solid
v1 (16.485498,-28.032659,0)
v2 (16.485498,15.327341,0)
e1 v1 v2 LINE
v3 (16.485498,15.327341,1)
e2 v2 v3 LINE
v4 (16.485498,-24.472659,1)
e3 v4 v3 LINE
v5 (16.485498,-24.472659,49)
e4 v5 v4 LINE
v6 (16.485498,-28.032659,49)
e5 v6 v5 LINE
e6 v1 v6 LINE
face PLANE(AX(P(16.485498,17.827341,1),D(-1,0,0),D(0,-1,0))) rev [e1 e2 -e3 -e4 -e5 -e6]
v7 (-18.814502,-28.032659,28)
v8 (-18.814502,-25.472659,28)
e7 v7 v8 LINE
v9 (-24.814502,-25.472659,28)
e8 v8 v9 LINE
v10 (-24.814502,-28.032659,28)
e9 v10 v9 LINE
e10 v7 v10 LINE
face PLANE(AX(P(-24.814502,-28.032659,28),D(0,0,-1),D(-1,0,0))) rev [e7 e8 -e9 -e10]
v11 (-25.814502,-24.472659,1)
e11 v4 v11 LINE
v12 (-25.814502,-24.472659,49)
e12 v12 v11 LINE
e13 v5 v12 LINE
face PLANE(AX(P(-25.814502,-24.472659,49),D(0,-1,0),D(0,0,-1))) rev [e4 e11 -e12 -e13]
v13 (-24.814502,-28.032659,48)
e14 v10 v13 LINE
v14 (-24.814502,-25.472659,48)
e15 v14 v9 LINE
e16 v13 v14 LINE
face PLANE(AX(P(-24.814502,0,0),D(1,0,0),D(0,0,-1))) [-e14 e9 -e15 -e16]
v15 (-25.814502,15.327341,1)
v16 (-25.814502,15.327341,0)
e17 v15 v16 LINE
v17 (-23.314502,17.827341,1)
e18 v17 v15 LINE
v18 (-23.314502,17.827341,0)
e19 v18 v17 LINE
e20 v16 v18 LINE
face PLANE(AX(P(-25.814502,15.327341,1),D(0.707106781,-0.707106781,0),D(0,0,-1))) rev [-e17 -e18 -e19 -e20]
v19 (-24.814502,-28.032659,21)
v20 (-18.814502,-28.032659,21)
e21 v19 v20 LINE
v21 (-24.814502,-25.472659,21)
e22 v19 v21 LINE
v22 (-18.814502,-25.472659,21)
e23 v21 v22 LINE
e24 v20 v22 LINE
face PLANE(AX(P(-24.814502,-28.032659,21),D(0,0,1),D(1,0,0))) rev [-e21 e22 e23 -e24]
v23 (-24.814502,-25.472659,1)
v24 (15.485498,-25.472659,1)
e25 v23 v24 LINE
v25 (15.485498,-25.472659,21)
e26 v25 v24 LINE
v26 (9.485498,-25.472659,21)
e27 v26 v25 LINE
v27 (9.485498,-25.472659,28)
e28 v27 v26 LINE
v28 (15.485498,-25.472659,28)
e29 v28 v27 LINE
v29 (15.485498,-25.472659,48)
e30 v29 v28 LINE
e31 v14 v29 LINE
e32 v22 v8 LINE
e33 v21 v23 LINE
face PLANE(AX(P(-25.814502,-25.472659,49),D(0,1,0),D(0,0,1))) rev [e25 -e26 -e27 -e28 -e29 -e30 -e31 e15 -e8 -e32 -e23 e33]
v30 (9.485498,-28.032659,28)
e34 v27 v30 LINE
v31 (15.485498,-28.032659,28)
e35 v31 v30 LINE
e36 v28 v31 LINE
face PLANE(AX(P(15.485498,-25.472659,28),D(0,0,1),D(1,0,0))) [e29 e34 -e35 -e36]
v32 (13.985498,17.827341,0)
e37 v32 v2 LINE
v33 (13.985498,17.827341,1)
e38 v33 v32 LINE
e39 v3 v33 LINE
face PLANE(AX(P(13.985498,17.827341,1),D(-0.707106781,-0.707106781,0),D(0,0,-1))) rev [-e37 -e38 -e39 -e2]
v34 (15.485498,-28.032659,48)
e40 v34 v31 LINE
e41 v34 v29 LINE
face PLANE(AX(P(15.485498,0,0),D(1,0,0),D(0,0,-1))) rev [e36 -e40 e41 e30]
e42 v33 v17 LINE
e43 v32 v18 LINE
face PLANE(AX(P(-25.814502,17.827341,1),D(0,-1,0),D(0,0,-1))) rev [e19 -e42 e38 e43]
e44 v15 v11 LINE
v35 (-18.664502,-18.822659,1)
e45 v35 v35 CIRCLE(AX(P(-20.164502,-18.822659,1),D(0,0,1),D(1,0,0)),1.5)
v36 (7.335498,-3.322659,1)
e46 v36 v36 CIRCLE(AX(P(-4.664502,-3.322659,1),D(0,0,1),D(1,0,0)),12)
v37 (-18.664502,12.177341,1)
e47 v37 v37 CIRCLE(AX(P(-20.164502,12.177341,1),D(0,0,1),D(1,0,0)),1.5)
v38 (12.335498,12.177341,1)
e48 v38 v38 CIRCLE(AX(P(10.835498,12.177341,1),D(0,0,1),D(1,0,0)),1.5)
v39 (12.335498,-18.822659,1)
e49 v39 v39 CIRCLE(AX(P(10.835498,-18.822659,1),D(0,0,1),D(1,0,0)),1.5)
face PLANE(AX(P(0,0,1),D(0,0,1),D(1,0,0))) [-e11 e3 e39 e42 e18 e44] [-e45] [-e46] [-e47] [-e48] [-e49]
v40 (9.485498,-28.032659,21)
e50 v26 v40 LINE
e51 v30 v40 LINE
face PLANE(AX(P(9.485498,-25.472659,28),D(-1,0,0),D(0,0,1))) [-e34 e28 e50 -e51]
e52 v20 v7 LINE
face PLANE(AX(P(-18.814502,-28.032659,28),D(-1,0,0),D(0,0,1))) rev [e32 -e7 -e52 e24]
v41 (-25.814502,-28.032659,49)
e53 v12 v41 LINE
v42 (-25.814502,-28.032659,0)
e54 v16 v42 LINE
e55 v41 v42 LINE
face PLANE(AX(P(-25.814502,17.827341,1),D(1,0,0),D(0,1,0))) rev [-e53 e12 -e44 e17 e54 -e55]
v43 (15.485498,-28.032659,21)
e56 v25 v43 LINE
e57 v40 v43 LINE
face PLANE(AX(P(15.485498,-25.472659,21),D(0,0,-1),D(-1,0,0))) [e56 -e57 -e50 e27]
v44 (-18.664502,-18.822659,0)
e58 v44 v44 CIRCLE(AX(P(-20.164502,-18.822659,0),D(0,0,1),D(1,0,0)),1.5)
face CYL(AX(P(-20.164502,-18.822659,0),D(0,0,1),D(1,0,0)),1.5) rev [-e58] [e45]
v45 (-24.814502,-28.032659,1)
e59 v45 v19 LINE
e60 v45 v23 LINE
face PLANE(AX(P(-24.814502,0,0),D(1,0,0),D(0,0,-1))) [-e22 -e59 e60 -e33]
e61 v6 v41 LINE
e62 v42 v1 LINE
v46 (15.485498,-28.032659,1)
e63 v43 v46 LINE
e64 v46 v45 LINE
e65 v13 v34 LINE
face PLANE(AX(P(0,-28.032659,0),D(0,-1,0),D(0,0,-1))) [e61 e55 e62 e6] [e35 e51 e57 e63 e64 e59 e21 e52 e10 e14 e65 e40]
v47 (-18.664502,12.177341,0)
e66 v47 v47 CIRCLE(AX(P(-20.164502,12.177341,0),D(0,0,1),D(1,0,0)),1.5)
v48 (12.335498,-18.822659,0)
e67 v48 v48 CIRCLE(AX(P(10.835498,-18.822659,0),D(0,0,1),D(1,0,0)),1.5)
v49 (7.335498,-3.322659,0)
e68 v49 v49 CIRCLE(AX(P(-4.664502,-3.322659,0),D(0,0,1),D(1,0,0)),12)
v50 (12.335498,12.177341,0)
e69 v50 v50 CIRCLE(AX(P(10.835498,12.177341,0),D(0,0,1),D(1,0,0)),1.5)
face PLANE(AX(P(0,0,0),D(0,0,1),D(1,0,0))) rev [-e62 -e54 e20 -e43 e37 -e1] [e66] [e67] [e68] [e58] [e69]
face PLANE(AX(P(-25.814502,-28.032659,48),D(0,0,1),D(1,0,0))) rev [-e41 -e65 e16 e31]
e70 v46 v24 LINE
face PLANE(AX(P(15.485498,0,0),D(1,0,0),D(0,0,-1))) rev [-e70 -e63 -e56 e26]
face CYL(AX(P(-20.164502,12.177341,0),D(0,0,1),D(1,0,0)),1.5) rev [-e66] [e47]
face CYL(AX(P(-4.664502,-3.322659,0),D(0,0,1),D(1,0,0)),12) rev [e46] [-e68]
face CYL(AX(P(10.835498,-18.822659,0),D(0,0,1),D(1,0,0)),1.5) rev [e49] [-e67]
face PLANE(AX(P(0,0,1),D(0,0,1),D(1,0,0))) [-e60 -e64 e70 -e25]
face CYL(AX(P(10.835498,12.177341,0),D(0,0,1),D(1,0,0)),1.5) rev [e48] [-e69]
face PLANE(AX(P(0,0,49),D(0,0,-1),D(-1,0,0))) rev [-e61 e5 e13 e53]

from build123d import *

# Parameters (mm, degrees)
SKETCH1_W            = 42.3
SKETCH1_H            = 42.3
BOSS_EXTRUDE1_DEPTH  = 1
SKETCH3_R            = 0.5
CUT_EXTRUDE1_DEPTH   = 2
CHAMFER1_SIZE        = 2.5
SKETCH4_R            = 12
CUT_EXTRUDE2_DEPTH   = 2
SKETCH5_R            = 1.5
CUT_EXTRUDE3_DEPTH   = 2
SKETCH6_W            = 42.3
SKETCH6_H            = 1
BOSS_EXTRUDE2_DEPTH  = 3.21
SKETCH7_W            = 42.3
SKETCH7_H            = 5.71
BOSS_EXTRUDE3_DEPTH  = 1
SKETCH8_W            = 42.3
SKETCH8_H            = 1
BOSS_EXTRUDE4_DEPTH  = 0.35
SKETCH9_W            = 42.3
SKETCH9_H            = 1
BOSS_EXTRUDE5_DEPTH  = 48
SKETCH10_W           = 42.3
SKETCH10_H           = 1
BOSS_EXTRUDE6_DEPTH  = 2.56
SKETCH11_W           = 49
SKETCH11_H           = 3.56
BOSS_EXTRUDE7_DEPTH  = 1
SKETCH12_W           = 5
SKETCH12_H           = 1
BOSS_EXTRUDE8_DEPTH  = 5
SKETCH13_W           = 49
SKETCH13_H           = 3.56
BOSS_EXTRUDE9_DEPTH  = 1
SKETCH14_W           = 5
SKETCH14_H           = 5
BOSS_EXTRUDE10_DEPTH = 3.56
SKETCH15_W           = 5
SKETCH15_H           = 2.56
CUT_EXTRUDE4_DEPTH   = 5
SKETCH16_R           = 1
CUT_EXTRUDE5_DEPTH   = 5
SKETCH17_W           = 5
SKETCH17_H           = 5
SKETCH17_R           = 1
BOSS_EXTRUDE11_DEPTH = 2.56
CUT_EXTRUDE6_DEPTH   = 5
SKETCH20_W           = 5
SKETCH20_H           = 3.56
BOSS_EXTRUDE12_DEPTH = 1
SKETCH21_W           = 6
SKETCH21_H           = 3.56
BOSS_EXTRUDE13_DEPTH = 1
SKETCH22_W           = 6
SKETCH22_H           = 3.56
BOSS_EXTRUDE14_DEPTH = 1
SKETCH23_W           = 5
SKETCH23_H           = 5
BOSS_EXTRUDE15_DEPTH = 2.56
SKETCH24_W           = 5
SKETCH24_H           = 3.56
BOSS_EXTRUDE16_DEPTH = 1
SKETCH25_W           = 5
SKETCH25_H           = 3.56
BOSS_EXTRUDE17_DEPTH = 1
SKETCH26_W           = 7
SKETCH26_H           = 3.56
BOSS_EXTRUDE18_DEPTH = 1
CUT_EXTRUDE7_DEPTH   = 21
SKETCH31_W           = 6
SKETCH31_H           = 7
CUT_EXTRUDE8_DEPTH   = 4.56
SKETCH32_W           = 6
SKETCH32_H           = 7
BOSS_EXTRUDE19_DEPTH = 2.56
BOSS_EXTRUDE20_START = -2.56
SKETCH34_W           = 6
SKETCH34_H           = 7
BOSS_EXTRUDE20_DEPTH = 2.56
SKETCH35_W           = 6
SKETCH35_H           = 7
CUT_EXTRUDE9_DEPTH   = 46.86


with BuildPart() as part:
    # Sketch1 → Boss-Extrude1 (new body)
    with BuildSketch(Plane.XY):
        with Locations((-4.664501511, -3.32265861)):
            Rectangle(SKETCH1_W, SKETCH1_H)
    extrude(amount=BOSS_EXTRUDE1_DEPTH)

    # Sketch3 → Cut-Extrude1 (cut, through all)
    with BuildSketch(Plane.XY.offset(1)):
        with Locations((-20.164501511, -18.82265861)):
            Circle(SKETCH3_R)
        with Locations((10.835498489, -18.82265861)):
            Circle(SKETCH3_R)
        with Locations((10.835498489, 12.17734139)):
            Circle(SKETCH3_R)
        with Locations((-20.164501511, 12.17734139)):
            Circle(SKETCH3_R)
    extrude(amount=-CUT_EXTRUDE1_DEPTH, mode=Mode.SUBTRACT)

    # Chamfer1
    chamfer1_edges = [part.edges().sort_by_distance(p)[0] for p in [
        (-25.814501511, 17.82734139, 0.5),
        (16.485498489, 17.82734139, 0.5),
        (16.485498489, -24.47265861, 0.5),
        (-25.814501511, -24.47265861, 0.5),
    ]]
    chamfer(chamfer1_edges, length=CHAMFER1_SIZE)

    # Sketch4 → Cut-Extrude2 (cut, through all)
    with BuildSketch(Plane.XY.offset(1)):
        with Locations((-4.664501511, -3.32265861)):
            Circle(SKETCH4_R)
    extrude(amount=-CUT_EXTRUDE2_DEPTH, mode=Mode.SUBTRACT)

    # Sketch5 → Cut-Extrude3 (cut, through all)
    with BuildSketch(Plane.XY.offset(1)):
        with Locations((-20.164501511, 12.17734139)):
            Circle(SKETCH5_R)
        with Locations((-20.164501511, -18.82265861)):
            Circle(SKETCH5_R)
        with Locations((10.835498489, -18.82265861)):
            Circle(SKETCH5_R)
        with Locations((10.835498489, 12.17734139)):
            Circle(SKETCH5_R)
    extrude(amount=-CUT_EXTRUDE3_DEPTH, mode=Mode.SUBTRACT)

    # Sketch6 → Boss-Extrude2 (add)
    with BuildSketch(Plane.XZ.offset(24.47265861)):
        with Locations((-4.664501511, 0.5)):
            Rectangle(SKETCH6_W, SKETCH6_H)
    extrude(amount=BOSS_EXTRUDE2_DEPTH)

    # Sketch7 → Boss-Extrude3 (add)
    with BuildSketch(Plane.XY.offset(1)):
        with Locations((-4.664501511, -24.82765861)):
            Rectangle(SKETCH7_W, SKETCH7_H)
    extrude(amount=-BOSS_EXTRUDE3_DEPTH)

    # Sketch8 → Boss-Extrude4 (add)
    with BuildSketch(Plane.XZ.offset(27.68265861)):
        with Locations((-4.664501511, 0.5)):
            Rectangle(SKETCH8_W, SKETCH8_H)
    extrude(amount=BOSS_EXTRUDE4_DEPTH)

    # Sketch9 → Boss-Extrude5 (add)
    with BuildSketch(Plane.XY.offset(1)):
        with Locations((-4.664501511, -24.97265861)):
            Rectangle(SKETCH9_W, SKETCH9_H)
    extrude(amount=BOSS_EXTRUDE5_DEPTH)

    # Sketch10 → Boss-Extrude6 (add)
    with BuildSketch(Plane.XZ.offset(25.47265861)):
        with Locations((-4.664501511, 48.5)):
            Rectangle(SKETCH10_W, SKETCH10_H)
    extrude(amount=BOSS_EXTRUDE6_DEPTH)

    # Sketch11 → Boss-Extrude7 (add)
    with BuildSketch(Plane.ZY.offset(25.814501511)):
        with Locations((24.5, -26.25265861)):
            Rectangle(SKETCH11_W, SKETCH11_H)
    extrude(amount=-BOSS_EXTRUDE7_DEPTH)

    # Sketch12 → Boss-Extrude8 (add)
    with BuildSketch(Plane.ZY.offset(25.814501511)):
        with Locations((24.5, -27.53265861)):
            Rectangle(SKETCH12_W, SKETCH12_H)
    extrude(amount=BOSS_EXTRUDE8_DEPTH)

    # Sketch13 → Boss-Extrude9 (add)
    with BuildSketch(Plane(origin=(16.485498489, 0, 0), x_dir=(0, 0, -1), z_dir=(1, 0, 0))):
        with Locations((-24.5, -26.25265861)):
            Rectangle(SKETCH13_W, SKETCH13_H)
    extrude(amount=-BOSS_EXTRUDE9_DEPTH)

    # Sketch14 → Boss-Extrude10 (add)
    with BuildSketch(Plane(origin=(0, -24.47265861, 0), x_dir=(1, 0, 0), z_dir=(0, 1, 0))):
        with Locations((18.985498489, -24.5)):
            Rectangle(SKETCH14_W, SKETCH14_H)
    extrude(amount=-BOSS_EXTRUDE10_DEPTH)

    # Sketch15 → Cut-Extrude4 (cut)
    with BuildSketch(Plane(origin=(21.485498489, 0, 0), x_dir=(0, 0, -1), z_dir=(1, 0, 0))):
        with Locations((-24.5, -25.75265861)):
            Rectangle(SKETCH15_W, SKETCH15_H)
    extrude(amount=-CUT_EXTRUDE4_DEPTH, mode=Mode.SUBTRACT)

    # Sketch16 → Cut-Extrude5 (cut)
    with BuildSketch(Plane(origin=(0, -27.03265861, 0), x_dir=(1, 0, 0), z_dir=(0, 1, 0))):
        with Locations((-28.314501511, -24.5)):
            Circle(SKETCH16_R)
        with Locations((18.985498489, -24.5)):
            Circle(SKETCH16_R)
    extrude(amount=-CUT_EXTRUDE5_DEPTH, mode=Mode.SUBTRACT)

    # Sketch17 → Boss-Extrude11 (add)
    with BuildSketch(Plane(origin=(0, -27.03265861, 0), x_dir=(1, 0, 0), z_dir=(0, 1, 0))):
        with Locations((-28.314501511, -24.5)):
            Rectangle(SKETCH17_W, SKETCH17_H)
        with Locations((-28.314501511, -24.5)):
            Circle(SKETCH17_R, mode=Mode.SUBTRACT)
    extrude(amount=BOSS_EXTRUDE11_DEPTH)

    # Sketch19 → Cut-Extrude6 (cut)
    with BuildSketch(Plane(origin=(0, -24.47265861, 0), x_dir=(1, 0, 0), z_dir=(0, 1, 0))):
        Polygon((-29.469202049, -26.5), (-27.159800972, -26.5), (-26.005100434, -24.5), (-27.159800972, -22.5), (-29.469202049, -22.5), (-30.623902587, -24.5), align=None)
    extrude(amount=-CUT_EXTRUDE6_DEPTH, mode=Mode.SUBTRACT)

    # Sketch20 → Boss-Extrude12 (add)
    with BuildSketch(Plane.ZY.offset(30.814501511)):
        with Locations((24.5, -26.25265861)):
            Rectangle(SKETCH20_W, SKETCH20_H)
    extrude(amount=BOSS_EXTRUDE12_DEPTH)

    # Sketch21 → Boss-Extrude13 (add)
    with BuildSketch(Plane.XY.offset(27)):
        with Locations((-28.814501511, -26.25265861)):
            Rectangle(SKETCH21_W, SKETCH21_H)
    extrude(amount=BOSS_EXTRUDE13_DEPTH)

    # Sketch22 → Boss-Extrude14 (add)
    with BuildSketch(Plane(origin=(0, 0, 22), x_dir=(-1, 0, 0), z_dir=(0, 0, -1))):
        with Locations((28.814501511, -26.25265861)):
            Rectangle(SKETCH22_W, SKETCH22_H)
    extrude(amount=BOSS_EXTRUDE14_DEPTH)

    # Sketch23 → Boss-Extrude15 (add)
    with BuildSketch(Plane(origin=(0, -27.03265861, 0), x_dir=(1, 0, 0), z_dir=(0, 1, 0))):
        with Locations((18.985498489, -24.5)):
            Rectangle(SKETCH23_W, SKETCH23_H)
    extrude(amount=BOSS_EXTRUDE15_DEPTH)

    # Sketch24 → Boss-Extrude16 (add)
    with BuildSketch(Plane.XY.offset(27)):
        with Locations((18.985498489, -26.25265861)):
            Rectangle(SKETCH24_W, SKETCH24_H)
    extrude(amount=BOSS_EXTRUDE16_DEPTH)

    # Sketch25 → Boss-Extrude17 (add)
    with BuildSketch(Plane(origin=(0, 0, 22), x_dir=(-1, 0, 0), z_dir=(0, 0, -1))):
        with Locations((-18.985498489, -26.25265861)):
            Rectangle(SKETCH25_W, SKETCH25_H)
    extrude(amount=BOSS_EXTRUDE17_DEPTH)

    # Sketch26 → Boss-Extrude18 (add)
    with BuildSketch(Plane(origin=(21.485498489, 0, 0), x_dir=(0, 0, -1), z_dir=(1, 0, 0))):
        with Locations((-24.5, -26.25265861)):
            Rectangle(SKETCH26_W, SKETCH26_H)
    extrude(amount=BOSS_EXTRUDE18_DEPTH)

    # Sketch29 → Cut-Extrude7 (cut)
    with BuildSketch(Plane(origin=(0, -24.47265861, 0), x_dir=(1, 0, 0), z_dir=(0, 1, 0))):
        Polygon((20.640199028, -26.5), (21.794899566, -24.5), (20.640199028, -22.5), (18.330797951, -22.5), (17.176097413, -24.5), (18.330797951, -26.5), align=None)
    extrude(amount=-CUT_EXTRUDE7_DEPTH, mode=Mode.SUBTRACT)

    # Sketch31 → Cut-Extrude8 (cut, through all)
    with BuildSketch(Plane(origin=(0, -24.47265861, 0), x_dir=(1, 0, 0), z_dir=(0, 1, 0))):
        with Locations((19.485498489, -24.5)):
            Rectangle(SKETCH31_W, SKETCH31_H)
    extrude(amount=-CUT_EXTRUDE8_DEPTH, mode=Mode.SUBTRACT)

    # Sketch32 → Boss-Extrude19 (add)
    with BuildSketch(Plane.XZ.offset(25.47265861)):
        with Locations((-21.814501511, 24.5)):
            Rectangle(SKETCH32_W, SKETCH32_H)
    extrude(amount=BOSS_EXTRUDE19_DEPTH)

    # Sketch34 → Boss-Extrude20 (add)
    with BuildSketch(Plane(origin=(0, -28.03265861, 0), x_dir=(-1, 0, 0), z_dir=(0, -1, 0)).offset(BOSS_EXTRUDE20_START)):
        with Locations((-12.485498489, -24.5)):
            Rectangle(SKETCH34_W, SKETCH34_H)
    extrude(amount=BOSS_EXTRUDE20_DEPTH)

    # Sketch35 → Cut-Extrude9 (cut, through all)
    with BuildSketch(Plane.XZ.offset(28.03265861)):
        with Locations((-28.814501511, 24.5)):
            Rectangle(SKETCH35_W, SKETCH35_H)
    extrude(amount=-CUT_EXTRUDE9_DEPTH, mode=Mode.SUBTRACT)


solid = part.part
